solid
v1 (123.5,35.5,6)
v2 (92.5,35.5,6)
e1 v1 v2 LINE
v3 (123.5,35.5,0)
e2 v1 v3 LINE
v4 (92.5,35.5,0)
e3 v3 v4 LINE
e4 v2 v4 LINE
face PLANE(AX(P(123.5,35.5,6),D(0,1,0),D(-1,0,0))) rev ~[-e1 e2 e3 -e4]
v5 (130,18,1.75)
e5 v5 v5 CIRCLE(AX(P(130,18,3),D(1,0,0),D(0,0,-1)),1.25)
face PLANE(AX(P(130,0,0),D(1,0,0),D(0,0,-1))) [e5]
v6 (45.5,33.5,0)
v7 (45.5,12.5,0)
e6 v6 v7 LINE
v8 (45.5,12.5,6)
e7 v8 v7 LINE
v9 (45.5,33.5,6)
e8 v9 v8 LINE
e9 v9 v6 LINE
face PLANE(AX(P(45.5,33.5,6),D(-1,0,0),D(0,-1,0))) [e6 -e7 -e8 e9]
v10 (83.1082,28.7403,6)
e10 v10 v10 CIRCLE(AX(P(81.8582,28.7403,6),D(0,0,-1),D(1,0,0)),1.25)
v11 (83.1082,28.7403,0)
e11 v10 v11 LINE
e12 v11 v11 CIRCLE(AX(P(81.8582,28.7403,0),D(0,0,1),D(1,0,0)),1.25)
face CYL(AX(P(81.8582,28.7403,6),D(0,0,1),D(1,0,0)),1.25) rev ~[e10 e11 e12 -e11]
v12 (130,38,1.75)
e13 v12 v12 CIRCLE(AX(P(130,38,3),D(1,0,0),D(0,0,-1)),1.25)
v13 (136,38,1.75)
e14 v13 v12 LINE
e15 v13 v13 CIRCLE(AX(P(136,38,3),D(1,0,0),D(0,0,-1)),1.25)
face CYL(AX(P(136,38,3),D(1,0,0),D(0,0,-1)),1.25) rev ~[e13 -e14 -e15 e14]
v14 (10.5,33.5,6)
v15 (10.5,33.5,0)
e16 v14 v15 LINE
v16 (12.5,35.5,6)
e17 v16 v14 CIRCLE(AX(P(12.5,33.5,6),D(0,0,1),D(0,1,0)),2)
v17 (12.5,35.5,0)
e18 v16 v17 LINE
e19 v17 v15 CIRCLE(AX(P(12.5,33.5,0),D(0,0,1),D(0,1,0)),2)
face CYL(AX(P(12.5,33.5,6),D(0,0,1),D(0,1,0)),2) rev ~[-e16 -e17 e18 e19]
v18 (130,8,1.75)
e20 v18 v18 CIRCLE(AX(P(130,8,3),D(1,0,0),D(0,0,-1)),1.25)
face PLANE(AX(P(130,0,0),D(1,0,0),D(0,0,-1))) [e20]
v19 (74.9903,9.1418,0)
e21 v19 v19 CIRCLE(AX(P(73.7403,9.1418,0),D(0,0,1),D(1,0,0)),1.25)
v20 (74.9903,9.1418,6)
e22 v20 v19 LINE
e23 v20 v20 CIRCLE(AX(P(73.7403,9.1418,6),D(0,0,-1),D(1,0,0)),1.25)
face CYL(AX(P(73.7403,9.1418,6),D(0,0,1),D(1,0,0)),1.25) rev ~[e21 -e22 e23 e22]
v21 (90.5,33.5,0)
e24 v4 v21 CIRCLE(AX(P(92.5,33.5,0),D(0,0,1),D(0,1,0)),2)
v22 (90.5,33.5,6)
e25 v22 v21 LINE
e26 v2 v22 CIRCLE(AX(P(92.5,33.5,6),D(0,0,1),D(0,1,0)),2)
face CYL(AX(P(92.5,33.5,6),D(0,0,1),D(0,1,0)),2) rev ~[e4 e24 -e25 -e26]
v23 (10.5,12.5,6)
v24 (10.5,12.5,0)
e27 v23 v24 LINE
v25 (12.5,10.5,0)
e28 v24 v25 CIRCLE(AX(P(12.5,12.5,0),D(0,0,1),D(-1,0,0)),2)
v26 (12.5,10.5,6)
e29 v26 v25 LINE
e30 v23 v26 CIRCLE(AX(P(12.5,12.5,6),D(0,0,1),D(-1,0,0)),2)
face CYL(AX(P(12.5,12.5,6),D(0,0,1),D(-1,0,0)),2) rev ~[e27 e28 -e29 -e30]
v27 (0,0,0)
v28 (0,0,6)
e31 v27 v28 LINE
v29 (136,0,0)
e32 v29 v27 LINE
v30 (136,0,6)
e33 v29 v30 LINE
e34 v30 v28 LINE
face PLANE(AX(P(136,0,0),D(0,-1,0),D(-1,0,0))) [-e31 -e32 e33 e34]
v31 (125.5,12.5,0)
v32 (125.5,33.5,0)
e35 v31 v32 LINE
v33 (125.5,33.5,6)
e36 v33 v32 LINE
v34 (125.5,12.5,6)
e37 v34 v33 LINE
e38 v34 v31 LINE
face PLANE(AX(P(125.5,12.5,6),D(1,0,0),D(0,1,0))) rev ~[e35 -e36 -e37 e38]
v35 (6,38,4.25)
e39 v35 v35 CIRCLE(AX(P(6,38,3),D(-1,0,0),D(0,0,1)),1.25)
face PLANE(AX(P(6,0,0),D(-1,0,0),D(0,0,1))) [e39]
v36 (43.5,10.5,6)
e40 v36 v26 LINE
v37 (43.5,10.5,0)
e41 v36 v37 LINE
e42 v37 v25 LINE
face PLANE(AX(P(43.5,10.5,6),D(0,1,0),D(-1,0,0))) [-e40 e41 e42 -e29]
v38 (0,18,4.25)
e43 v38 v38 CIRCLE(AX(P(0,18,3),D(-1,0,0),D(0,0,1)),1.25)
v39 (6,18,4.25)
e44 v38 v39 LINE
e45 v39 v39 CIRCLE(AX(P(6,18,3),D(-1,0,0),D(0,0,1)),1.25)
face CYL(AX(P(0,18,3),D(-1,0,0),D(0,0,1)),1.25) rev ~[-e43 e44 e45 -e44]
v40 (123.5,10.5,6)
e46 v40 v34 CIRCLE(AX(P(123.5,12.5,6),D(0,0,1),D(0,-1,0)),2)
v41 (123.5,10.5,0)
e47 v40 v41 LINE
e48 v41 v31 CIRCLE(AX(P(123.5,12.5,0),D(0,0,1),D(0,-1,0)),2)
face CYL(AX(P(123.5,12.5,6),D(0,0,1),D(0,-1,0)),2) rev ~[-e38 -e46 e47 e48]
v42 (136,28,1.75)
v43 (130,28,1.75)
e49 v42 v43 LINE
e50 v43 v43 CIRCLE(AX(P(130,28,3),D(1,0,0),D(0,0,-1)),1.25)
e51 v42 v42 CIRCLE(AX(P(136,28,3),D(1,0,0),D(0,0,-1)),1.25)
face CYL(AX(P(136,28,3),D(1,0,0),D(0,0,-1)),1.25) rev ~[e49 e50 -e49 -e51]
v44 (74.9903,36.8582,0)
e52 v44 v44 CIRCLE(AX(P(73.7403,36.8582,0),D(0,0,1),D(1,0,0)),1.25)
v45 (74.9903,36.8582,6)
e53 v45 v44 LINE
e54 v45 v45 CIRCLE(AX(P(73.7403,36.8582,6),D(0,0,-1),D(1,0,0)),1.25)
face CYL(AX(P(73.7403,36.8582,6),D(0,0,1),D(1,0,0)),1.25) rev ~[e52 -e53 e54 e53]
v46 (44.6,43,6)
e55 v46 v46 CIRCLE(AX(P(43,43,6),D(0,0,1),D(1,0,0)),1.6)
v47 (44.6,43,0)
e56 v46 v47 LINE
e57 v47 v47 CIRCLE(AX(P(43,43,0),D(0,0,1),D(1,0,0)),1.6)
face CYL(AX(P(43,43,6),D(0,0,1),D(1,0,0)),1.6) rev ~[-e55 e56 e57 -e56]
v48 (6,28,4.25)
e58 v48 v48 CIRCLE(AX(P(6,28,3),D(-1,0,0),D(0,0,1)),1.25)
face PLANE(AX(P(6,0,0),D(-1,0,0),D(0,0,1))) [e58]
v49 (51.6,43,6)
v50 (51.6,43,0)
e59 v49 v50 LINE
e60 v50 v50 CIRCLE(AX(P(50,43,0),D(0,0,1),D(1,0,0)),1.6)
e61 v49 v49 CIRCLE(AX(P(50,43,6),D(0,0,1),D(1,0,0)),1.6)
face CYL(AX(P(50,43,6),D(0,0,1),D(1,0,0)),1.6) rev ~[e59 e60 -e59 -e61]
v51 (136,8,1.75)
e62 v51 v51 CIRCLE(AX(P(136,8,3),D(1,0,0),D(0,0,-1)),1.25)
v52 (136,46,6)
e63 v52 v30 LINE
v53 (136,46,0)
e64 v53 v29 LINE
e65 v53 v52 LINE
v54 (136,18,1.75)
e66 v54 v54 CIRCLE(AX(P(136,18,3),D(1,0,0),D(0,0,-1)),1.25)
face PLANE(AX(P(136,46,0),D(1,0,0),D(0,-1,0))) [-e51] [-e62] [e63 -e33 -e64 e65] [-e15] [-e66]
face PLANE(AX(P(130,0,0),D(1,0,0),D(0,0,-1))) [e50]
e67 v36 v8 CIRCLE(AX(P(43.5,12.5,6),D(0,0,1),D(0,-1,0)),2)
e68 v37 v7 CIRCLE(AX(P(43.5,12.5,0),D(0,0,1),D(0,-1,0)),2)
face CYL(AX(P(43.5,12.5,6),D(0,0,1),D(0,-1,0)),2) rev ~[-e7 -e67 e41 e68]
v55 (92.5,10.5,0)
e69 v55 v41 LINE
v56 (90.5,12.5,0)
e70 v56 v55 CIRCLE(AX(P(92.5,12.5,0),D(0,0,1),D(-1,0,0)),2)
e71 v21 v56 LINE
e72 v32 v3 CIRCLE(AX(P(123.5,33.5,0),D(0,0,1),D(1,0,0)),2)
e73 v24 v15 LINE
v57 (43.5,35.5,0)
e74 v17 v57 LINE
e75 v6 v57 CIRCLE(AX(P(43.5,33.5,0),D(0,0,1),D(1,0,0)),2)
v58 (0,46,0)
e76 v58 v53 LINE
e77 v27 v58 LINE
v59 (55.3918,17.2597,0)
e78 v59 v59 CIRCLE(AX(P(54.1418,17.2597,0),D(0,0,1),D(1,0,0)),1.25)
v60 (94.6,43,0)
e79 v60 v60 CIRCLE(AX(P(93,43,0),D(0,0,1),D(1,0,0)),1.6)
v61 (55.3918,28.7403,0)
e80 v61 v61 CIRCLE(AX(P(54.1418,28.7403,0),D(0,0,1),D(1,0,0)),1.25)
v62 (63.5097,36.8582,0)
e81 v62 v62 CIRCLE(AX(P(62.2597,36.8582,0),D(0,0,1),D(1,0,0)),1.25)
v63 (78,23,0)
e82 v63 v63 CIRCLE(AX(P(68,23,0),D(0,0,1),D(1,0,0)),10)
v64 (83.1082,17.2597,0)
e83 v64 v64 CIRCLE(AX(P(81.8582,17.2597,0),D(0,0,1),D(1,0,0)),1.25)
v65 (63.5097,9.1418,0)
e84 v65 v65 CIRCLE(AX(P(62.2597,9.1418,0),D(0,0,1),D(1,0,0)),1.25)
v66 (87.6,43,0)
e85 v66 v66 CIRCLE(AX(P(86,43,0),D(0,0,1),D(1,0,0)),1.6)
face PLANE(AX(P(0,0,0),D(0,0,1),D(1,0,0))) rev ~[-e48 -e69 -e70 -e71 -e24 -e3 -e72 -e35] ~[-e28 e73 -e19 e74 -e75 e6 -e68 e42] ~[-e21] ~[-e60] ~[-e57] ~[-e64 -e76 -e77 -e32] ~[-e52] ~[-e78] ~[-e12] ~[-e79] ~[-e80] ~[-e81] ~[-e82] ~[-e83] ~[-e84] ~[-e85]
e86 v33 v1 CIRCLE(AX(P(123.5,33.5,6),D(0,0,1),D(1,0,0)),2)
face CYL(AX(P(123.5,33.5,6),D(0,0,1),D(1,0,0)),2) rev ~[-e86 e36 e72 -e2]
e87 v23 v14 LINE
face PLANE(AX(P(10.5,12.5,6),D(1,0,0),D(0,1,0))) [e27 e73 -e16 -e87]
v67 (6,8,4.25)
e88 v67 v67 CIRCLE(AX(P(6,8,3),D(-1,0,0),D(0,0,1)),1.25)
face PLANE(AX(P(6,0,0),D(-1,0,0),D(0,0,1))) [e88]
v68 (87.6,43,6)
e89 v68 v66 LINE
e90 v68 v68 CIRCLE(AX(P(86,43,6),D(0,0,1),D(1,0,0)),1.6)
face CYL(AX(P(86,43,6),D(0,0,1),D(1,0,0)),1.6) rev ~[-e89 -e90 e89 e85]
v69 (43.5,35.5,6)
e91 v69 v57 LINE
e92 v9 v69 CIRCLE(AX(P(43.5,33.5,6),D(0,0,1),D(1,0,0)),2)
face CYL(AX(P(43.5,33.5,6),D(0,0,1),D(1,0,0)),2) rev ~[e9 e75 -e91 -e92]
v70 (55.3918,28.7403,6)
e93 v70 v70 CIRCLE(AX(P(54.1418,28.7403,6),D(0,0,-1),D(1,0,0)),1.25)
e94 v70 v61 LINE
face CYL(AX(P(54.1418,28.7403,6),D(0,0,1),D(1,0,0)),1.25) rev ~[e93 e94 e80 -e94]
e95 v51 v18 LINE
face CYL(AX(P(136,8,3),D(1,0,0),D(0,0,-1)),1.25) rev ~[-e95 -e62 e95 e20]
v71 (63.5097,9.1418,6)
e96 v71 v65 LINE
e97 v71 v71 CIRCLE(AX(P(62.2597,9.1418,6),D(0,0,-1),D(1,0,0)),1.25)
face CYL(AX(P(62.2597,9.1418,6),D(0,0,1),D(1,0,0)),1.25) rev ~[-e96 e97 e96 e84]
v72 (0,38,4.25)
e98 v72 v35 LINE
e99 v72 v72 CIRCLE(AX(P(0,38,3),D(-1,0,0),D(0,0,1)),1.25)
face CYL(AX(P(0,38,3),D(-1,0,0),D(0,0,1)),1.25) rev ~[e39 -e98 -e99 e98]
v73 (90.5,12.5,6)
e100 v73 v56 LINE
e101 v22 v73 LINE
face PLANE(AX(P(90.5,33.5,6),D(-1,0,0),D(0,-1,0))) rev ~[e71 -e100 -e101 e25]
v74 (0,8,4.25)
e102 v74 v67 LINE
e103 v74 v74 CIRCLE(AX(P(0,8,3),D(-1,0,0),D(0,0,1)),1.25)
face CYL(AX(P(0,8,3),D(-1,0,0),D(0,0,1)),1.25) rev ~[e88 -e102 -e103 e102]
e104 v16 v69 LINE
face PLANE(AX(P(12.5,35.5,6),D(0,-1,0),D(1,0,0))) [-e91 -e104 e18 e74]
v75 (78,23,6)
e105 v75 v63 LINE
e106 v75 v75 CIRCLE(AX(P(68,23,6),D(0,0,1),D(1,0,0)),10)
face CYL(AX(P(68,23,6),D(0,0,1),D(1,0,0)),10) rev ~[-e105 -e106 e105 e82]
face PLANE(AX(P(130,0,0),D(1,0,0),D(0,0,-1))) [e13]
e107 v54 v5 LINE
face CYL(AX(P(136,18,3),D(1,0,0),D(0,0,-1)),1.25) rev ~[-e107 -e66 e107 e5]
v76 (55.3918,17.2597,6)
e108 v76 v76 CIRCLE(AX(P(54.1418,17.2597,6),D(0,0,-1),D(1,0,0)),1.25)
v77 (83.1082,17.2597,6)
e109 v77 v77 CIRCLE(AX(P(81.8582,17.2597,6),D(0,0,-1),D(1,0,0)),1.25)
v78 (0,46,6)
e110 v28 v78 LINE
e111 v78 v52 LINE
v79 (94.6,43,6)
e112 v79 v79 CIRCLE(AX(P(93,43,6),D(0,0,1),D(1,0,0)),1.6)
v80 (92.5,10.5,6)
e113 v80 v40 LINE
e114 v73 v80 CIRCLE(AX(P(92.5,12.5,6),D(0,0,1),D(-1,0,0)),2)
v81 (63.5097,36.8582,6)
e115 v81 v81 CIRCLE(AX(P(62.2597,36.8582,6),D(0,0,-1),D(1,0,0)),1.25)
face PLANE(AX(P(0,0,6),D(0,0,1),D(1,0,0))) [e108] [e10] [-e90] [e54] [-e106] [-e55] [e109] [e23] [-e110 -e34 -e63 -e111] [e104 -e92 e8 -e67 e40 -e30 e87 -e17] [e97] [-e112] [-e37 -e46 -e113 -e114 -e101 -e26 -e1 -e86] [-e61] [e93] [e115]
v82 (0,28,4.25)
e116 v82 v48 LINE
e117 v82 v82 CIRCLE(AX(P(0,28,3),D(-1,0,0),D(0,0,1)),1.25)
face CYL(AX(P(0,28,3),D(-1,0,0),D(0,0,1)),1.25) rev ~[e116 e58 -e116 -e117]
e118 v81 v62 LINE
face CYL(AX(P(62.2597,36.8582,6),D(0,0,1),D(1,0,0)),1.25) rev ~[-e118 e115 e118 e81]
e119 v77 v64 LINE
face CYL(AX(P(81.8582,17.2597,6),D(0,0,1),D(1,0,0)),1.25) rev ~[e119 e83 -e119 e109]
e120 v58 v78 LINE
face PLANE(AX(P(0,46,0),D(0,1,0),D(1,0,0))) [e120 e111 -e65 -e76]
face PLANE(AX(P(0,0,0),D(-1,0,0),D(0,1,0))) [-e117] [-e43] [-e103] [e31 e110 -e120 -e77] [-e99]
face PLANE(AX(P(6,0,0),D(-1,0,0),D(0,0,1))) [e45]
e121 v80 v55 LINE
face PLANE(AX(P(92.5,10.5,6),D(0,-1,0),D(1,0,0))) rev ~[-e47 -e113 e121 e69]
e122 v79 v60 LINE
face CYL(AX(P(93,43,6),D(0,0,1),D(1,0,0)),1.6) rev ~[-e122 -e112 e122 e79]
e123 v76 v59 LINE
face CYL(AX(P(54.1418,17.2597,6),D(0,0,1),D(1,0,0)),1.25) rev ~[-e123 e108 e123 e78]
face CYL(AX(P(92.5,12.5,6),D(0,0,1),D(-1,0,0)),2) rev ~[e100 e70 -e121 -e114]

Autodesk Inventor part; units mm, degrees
ref_plane "YZ Plane" through (0, 0, 0) normal (1, 0, 0) x (0, 1, 0)
ref_plane "XZ Plane" through (0, 0, 0) normal (0, 1, 0) x (-1, 0, 0)
ref_plane "XY Plane" through (0, 0, 0) normal (0, 0, 1) x (1, 0, 0)
sketch "스케치1" plane through (0, 0, 0) normal (0, 0, 1) x (1, 0, 0)
  line L0 (0, 0) -> (0, 46)
  line L1 (0, 46) -> (136, 46)
  line L2 (136, 46) -> (136, 0)
  line L3 (136, 0) -> (0, 0)
  dimension "d0" = 46
  dimension "d1" = 136
extrude "돌출1" add sketch "스케치1" along normal blind 6
sketch "스케치2" plane through (0, 0, 6) normal (0, 0, 1) x (1, 0, 0)
  line L0 (0, 46) -> (0, 0) projected
  line L1 (0, 23) -> (136, 23) construction
  line L2 (136, 0) -> (136, 46) projected
  line L3 (136, 46) -> (0, 46) projected
  line L4 (68, 46) -> (68, 0) construction
  line L5 (0, 0) -> (136, 0) projected
  circle A0 centre (68, 23) radius 14
  line L6 (68, 23) -> (62.2597, 36.8582)
  line L7 (68.3516, 23) -> (83.3516, 23) construction
  circle A1 centre (62.2597, 36.8582) radius 1.25
  circle A2 centre (54.1418, 28.7403) radius 1.25
  circle A3 centre (54.1418, 17.2597) radius 1.25
  circle A4 centre (62.2597, 9.1418) radius 1.25
  circle A5 centre (73.7403, 9.1418) radius 1.25
  circle A6 centre (81.8582, 17.2597) radius 1.25
  circle A7 centre (81.8582, 28.7403) radius 1.25
  circle A8 centre (73.7403, 36.8582) radius 1.25
  circle A9 centre (68, 23) radius 0.245
  dimension "d30" = 28
  dimension "d31" = 15
  dimension "d32" = 112.5
  dimension "d33" = 2.5
  dimension "d34" = 360
extrude "돌출2" cut sketch "스케치2" against normal blind 6 contours A7 A0 | A0 A7 | A6 A0 | A0 A6 | A8 A0 | A0 A8 | A5 A0 | A0 A5 | A1 L6 A0 | A0 A1 | A4 A0 | A0 A4 | L6 A1 A0 | A3 A0 | A0 A3 | A2 A0 | A0 A2
sketch "스케치3" plane through (0, 0, 6) normal (0, 0, 1) x (1, 0, 0)
  line L0 (0, 46) -> (0, 0) projected
  line L1 (0, 23) -> (136, 23) construction
  line L2 (136, 0) -> (136, 46) projected
  line L3 (136, 46) -> (0, 46) projected
  line L4 (68, 46) -> (68, 0) construction
  line L5 (0, 0) -> (136, 0) projected
  circle A0 centre (68, 23) radius 10
  dimension "d13" = 20
extrude "돌출3" cut sketch "스케치3" against normal blind 6 contours A0
sketch "스케치4" plane through (136, 0, 0) normal (1, 0, 0) x (0, 0, -1)
  line L0 (0, 0) -> (-6, 0) projected
  line L1 (-3, 0) -> (-3, 46) construction
  line L2 (0, 46) -> (-6, 46) projected
  circle A0 centre (-3, 38) radius 1.25
  circle A1 centre (-3, 28) radius 1.25
  circle A2 centre (-3, 18) radius 1.25
  circle A3 centre (-3, 8) radius 1.25
  dimension "d16" = 2.5
  dimension "d17" = 2.5
  dimension "d18" = 2.5
  dimension "d19" = 2.5
  dimension "d20" = 10
  dimension "d21" = 10
  dimension "d22" = 10
  dimension "d23" = 8
extrude "돌출4" cut sketch "스케치4" against normal blind 6
sketch "스케치5" plane through (0, 0, 0) normal (-1, 0, 0) x (0, 0, 1)
  line L0 (0, 46) -> (6, 46) projected
  line L1 (0, 0) -> (6, 0) projected
  circle A0 centre (3, 38) radius 1.25 projected
  circle A1 centre (3, 28) radius 1.25 projected
  circle A2 centre (3, 18) radius 1.25 projected
  circle A3 centre (3, 8) radius 1.25 projected
extrude "돌출5" cut sketch "스케치5" against normal blind 6
sketch "스케치6" plane through (0, 0, 6) normal (0, 0, 1) x (1, 0, 0)
  circle A0 centre (68, 23) radius 10 projected
  circle A1 centre (81.8582, 17.2597) radius 1.25 projected
  circle A2 centre (54.1418, 28.7403) radius 1.25 projected
  circle A3 centre (54.1418, 17.2597) radius 1.25 projected
  circle A4 centre (73.7403, 36.8582) radius 1.25 projected
  circle A5 centre (73.7403, 9.1418) radius 1.25 projected
  circle A6 centre (62.2597, 36.8582) radius 1.25 projected
  circle A7 centre (62.2597, 9.1418) radius 1.25 projected
  circle A8 centre (81.8582, 28.7403) radius 1.25 projected
  line L0 (136, 46) -> (0, 46) projected
  line L1 (0, 46) -> (0, 0) projected
  line L2 (0, 0) -> (136, 0) projected
  line L3 (136, 0) -> (136, 46) projected
  line L4 (12.5, 35.5) -> (43.5, 35.5)
  line L5 (45.5, 33.5) -> (45.5, 12.5)
  line L6 (43.5, 10.5) -> (12.5, 10.5)
  line L7 (10.5, 12.5) -> (10.5, 33.5)
  line L8 (136, 46) -> (0, 46) projected
  line L9 (68, 46) -> (68, 0) construction
  line L10 (0, 0) -> (136, 0) projected
  line L11 (123.5, 35.5) -> (92.5, 35.5)
  line L12 (90.5, 33.5) -> (90.5, 12.5)
  line L13 (92.5, 10.5) -> (123.5, 10.5)
  line L14 (125.5, 12.5) -> (125.5, 33.5)
  arc A9 (45.5, 33.5) -> (43.5, 35.5) centre (43.5, 33.5) ccw
  arc A10 (43.5, 10.5) -> (45.5, 12.5) centre (43.5, 12.5) ccw
  arc A11 (10.5, 12.5) -> (12.5, 10.5) centre (12.5, 12.5) ccw
  arc A12 (92.5, 35.5) -> (90.5, 33.5) centre (92.5, 33.5) ccw
  arc A13 (125.5, 33.5) -> (123.5, 35.5) centre (123.5, 33.5) ccw
  arc A14 (123.5, 10.5) -> (125.5, 12.5) centre (123.5, 12.5) ccw
  arc A15 (90.5, 12.5) -> (92.5, 10.5) centre (92.5, 12.5) ccw
  arc A16 (12.5, 35.5) -> (10.5, 33.5) centre (12.5, 33.5) ccw
  point P0 (10.5, 35.5)
  point P1 (45.5, 10.5)
  point P2 (45.5, 35.5)
  point P3 (10.5, 10.5)
  point P4 (125.5, 35.5)
  point P5 (90.5, 10.5)
  point P6 (90.5, 35.5)
  point P7 (125.5, 10.5)
  dimension "d35" = 35
  dimension "d36" = 25
  dimension "d37" = 10.5
  dimension "d38" = 10.5
  dimension "d41" = 2
  dimension "d42" = 2
extrude "돌출6" cut sketch "스케치6" against normal blind 6 contours L4 A9 L5 A10 L6 A11 L7 A16 | A13 L14 A14 L13 A15 L12 A12 L11
sketch "스케치11" plane through (0, 0, 6) normal (0, 0, 1) x (1, 0, 0)
  line L0 (136, 46) -> (0, 46) projected
  line L1 (68, 46) -> (68, 43)
  line L2 (136, 43) -> (0, 43) construction
  circle A0 centre (50, 43) radius 1.6
  circle A1 centre (86, 43) radius 1.6
  circle A2 centre (43, 43) radius 1.6
  circle A3 centre (93, 43) radius 1.6
  point P0 (0, 0)
  dimension "d67" = 3
  dimension "d69" = 3
  dimension "d70" = 3.2
  dimension "d71" = 3.2
  dimension "d72" = 18
  dimension "d73" = 18
  dimension "d74" = 3.2
  dimension "d75" = 3.2
  dimension "d76" = 7
  dimension "d77" = 7
extrude "돌출8" cut sketch "스케치11" against normal blind 10
properties part number "조인트3힌지윗판_6T" material "알루미늄 6061"
